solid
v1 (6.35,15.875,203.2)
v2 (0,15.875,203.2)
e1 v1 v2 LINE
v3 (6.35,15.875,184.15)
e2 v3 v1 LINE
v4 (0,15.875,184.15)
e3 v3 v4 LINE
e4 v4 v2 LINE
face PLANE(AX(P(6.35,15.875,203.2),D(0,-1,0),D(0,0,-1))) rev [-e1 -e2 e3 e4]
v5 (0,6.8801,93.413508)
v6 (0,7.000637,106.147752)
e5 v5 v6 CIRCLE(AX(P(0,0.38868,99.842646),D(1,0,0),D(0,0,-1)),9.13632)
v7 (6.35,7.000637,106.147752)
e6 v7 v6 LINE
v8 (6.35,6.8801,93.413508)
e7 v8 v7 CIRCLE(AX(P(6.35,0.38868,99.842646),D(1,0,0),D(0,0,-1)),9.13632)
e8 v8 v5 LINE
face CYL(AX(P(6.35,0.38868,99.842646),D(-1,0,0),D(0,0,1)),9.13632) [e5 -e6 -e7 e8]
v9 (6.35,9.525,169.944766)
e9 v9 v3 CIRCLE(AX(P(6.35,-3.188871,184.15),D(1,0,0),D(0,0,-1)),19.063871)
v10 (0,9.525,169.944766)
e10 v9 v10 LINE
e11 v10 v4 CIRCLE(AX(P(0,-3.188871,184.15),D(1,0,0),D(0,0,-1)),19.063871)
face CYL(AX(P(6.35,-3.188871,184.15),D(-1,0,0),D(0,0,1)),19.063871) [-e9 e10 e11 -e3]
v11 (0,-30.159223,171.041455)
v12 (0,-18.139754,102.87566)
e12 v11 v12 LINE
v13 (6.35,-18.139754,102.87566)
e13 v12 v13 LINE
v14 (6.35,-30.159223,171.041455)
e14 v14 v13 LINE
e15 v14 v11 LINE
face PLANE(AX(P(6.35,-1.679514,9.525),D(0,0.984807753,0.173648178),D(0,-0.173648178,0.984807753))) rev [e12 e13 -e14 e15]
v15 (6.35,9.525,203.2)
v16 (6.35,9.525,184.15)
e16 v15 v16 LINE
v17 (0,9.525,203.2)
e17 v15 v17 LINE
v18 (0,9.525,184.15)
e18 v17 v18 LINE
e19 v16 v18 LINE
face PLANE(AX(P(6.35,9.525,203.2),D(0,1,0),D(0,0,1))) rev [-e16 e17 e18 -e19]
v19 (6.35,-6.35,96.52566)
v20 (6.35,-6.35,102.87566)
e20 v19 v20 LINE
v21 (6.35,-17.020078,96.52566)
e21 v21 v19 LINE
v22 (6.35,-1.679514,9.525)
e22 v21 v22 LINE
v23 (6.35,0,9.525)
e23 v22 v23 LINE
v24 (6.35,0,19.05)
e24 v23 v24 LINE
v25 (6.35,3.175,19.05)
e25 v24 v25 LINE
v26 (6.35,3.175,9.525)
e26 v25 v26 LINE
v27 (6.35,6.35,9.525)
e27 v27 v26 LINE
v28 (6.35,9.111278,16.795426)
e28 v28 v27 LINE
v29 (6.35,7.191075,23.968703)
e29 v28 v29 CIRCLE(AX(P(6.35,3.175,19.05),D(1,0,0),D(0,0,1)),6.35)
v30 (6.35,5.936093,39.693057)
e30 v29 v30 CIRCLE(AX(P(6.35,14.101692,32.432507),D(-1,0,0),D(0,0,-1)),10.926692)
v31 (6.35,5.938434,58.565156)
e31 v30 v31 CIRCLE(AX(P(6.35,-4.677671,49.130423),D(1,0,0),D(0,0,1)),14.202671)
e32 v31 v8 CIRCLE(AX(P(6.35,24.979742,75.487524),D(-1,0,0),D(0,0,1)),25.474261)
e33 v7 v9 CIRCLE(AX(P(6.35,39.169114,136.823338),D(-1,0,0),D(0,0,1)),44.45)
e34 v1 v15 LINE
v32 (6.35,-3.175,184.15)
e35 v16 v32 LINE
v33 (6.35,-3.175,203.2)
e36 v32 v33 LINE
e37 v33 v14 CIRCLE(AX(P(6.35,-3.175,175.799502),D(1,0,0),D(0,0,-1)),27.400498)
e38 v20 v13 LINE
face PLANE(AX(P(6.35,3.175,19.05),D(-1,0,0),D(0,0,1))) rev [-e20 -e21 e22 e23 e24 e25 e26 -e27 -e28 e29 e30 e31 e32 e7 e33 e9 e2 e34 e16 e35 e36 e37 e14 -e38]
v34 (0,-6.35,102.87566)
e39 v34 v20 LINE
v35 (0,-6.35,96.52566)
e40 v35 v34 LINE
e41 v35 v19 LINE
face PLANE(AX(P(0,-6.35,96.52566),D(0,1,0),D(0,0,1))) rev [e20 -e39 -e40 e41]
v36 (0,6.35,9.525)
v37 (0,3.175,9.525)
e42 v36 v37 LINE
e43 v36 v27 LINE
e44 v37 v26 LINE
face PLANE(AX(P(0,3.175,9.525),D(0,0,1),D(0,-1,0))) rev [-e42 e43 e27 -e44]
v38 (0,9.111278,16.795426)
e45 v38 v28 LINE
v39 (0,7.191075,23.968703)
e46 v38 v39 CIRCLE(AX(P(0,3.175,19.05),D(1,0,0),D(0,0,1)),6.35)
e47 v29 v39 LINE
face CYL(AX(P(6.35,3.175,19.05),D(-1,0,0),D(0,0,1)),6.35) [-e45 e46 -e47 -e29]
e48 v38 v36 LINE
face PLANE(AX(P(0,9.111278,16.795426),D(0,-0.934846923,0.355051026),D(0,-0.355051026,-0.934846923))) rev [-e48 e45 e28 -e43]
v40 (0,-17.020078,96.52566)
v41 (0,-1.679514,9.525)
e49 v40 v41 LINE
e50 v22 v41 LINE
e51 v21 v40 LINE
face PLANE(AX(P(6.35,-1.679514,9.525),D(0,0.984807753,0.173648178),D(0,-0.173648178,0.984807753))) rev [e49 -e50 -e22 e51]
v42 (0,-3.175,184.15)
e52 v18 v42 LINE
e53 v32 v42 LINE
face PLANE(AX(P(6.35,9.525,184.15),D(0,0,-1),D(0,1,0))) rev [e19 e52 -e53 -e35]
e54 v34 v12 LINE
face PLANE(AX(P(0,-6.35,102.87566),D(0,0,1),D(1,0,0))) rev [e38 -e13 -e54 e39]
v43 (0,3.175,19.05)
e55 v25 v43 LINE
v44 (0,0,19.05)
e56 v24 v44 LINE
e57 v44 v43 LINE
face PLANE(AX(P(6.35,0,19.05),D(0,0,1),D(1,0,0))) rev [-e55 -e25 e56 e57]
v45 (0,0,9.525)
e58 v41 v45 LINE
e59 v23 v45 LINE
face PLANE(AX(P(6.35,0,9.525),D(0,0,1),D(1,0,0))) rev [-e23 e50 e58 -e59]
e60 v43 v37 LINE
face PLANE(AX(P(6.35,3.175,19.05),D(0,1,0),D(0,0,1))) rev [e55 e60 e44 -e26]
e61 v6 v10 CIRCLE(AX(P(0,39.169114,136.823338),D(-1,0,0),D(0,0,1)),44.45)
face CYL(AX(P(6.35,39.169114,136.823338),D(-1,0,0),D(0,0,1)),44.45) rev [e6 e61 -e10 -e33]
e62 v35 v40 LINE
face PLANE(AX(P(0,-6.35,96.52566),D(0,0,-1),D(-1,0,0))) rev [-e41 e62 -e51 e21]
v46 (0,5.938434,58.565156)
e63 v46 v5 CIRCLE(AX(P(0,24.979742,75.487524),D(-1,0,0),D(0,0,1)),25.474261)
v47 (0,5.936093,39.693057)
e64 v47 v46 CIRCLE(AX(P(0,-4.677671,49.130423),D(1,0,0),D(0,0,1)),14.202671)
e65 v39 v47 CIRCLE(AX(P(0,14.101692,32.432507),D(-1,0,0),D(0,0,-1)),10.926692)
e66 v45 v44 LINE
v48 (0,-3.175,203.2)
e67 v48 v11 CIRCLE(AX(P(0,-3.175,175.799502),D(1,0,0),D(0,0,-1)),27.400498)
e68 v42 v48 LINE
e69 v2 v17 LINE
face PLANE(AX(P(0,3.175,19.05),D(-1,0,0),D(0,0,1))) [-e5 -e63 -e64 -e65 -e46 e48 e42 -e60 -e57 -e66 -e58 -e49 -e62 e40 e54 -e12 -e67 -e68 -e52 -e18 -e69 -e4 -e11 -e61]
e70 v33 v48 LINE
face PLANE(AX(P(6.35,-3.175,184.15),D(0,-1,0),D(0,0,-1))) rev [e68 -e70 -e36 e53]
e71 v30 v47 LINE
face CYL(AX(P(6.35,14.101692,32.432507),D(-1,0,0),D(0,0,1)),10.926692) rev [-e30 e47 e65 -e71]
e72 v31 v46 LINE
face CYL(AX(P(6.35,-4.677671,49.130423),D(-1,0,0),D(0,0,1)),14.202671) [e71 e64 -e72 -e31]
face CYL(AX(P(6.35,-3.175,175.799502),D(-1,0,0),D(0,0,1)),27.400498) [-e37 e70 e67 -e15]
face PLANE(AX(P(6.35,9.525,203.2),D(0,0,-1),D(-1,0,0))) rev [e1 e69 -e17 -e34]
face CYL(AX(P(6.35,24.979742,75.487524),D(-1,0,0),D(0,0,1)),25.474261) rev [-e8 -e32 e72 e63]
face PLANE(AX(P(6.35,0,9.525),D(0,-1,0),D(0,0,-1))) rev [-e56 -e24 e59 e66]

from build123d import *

# Parameters (mm, degrees)
BOSS_EXTRUDE1_DEPTH = 6.35
SKETCH2_W           = 6.35
SKETCH2_H           = 11.789754461
CUT_EXTRUDE1_DEPTH  = 206.585562738
CUT_EXTRUDE2_DEPTH  = 206.585562738


with BuildPart() as part:
    # Sketch1 → Boss-Extrude1 (new body)
    with BuildSketch(Plane(origin=(0, 0, 0), x_dir=(0, 0, -1), z_dir=(1, 0, 0))):
        with BuildLine():
            Line((-19.05, 0), (-19.05, 3.175))
            Line((-19.05, 3.175), (0, 3.175))
            Line((0, 3.175), (0, 9.525))
            Line((0, 9.525), (-19.05, 9.525))
            ThreePointArc((-19.05, 9.525), (-21.772170288, 8.911923298), (-23.968703037, 7.191075252))
            ThreePointArc((-23.968703037, 7.191075252), (-31.563196652, 3.209635371), (-39.693056937, 5.936092509))
            ThreePointArc((-39.693056937, 5.936092509), (-49.128661086, 9.524999891), (-58.565155627, 5.938434313))
            ThreePointArc((-58.565155627, 5.938434313), (-76.175633399, -0.485223061), (-93.413507935, 6.880099943))
            ThreePointArc((-93.413507935, 6.880099943), (-99.75616874, 9.524590732), (-106.147751964, 7.000637182))
            ThreePointArc((-106.147751964, 7.000637182), (-138.580790239, -5.246129508), (-169.944766377, 9.525))
            ThreePointArc((-169.944766377, 9.525), (-176.370039167, 14.215248831), (-184.15, 15.875))
            Line((-184.15, 15.875), (-203.2, 15.875))
            Line((-203.2, 15.875), (-203.2, 9.525))
            Line((-203.2, 9.525), (-184.15, 9.525))
            Line((-184.15, 9.525), (-184.15, -3.175))
            Line((-184.15, -3.175), (-203.2, -3.175))
            ThreePointArc((-203.2, -3.175), (-193.412202449, -24.164999585), (-171.041454914, -30.159223321))
            Line((-171.041454914, -30.159223321), (-9.525, -1.679514491))
            Line((-9.525, -1.679514491), (-9.525, 0))
            Line((-9.525, 0), (-19.05, 0))
        make_face()
    extrude(amount=BOSS_EXTRUDE1_DEPTH)

    # Sketch2 → Cut-Extrude1 (cut, through all)
    with BuildSketch(Plane(origin=(6.35, 0, 0), x_dir=(0, 0, -1), z_dir=(1, 0, 0))):
        with Locations((-99.700659688, -12.244877231)):
            Rectangle(SKETCH2_W, SKETCH2_H)
    extrude(amount=-CUT_EXTRUDE1_DEPTH, mode=Mode.SUBTRACT)

    # Sketch3 → Cut-Extrude2 (cut, through all)
    with BuildSketch(Plane(origin=(6.35, 0, 0), x_dir=(0, 0, -1), z_dir=(1, 0, 0))):
        with BuildLine():
            Line((-9.525, 3.175), (-9.525, 6.35))
            Line((-9.525, 6.35), (-16.795425987, 9.11127796))
            ThreePointArc((-16.795425987, 9.11127796), (-17.903890286, 9.420713132), (-19.05, 9.525))
            Line((-19.05, 9.525), (0, 9.525))
            Line((0, 9.525), (0, 3.175))
            Line((0, 3.175), (-9.525, 3.175))
        make_face()
    extrude(amount=-CUT_EXTRUDE2_DEPTH, mode=Mode.SUBTRACT)


solid = part.part
